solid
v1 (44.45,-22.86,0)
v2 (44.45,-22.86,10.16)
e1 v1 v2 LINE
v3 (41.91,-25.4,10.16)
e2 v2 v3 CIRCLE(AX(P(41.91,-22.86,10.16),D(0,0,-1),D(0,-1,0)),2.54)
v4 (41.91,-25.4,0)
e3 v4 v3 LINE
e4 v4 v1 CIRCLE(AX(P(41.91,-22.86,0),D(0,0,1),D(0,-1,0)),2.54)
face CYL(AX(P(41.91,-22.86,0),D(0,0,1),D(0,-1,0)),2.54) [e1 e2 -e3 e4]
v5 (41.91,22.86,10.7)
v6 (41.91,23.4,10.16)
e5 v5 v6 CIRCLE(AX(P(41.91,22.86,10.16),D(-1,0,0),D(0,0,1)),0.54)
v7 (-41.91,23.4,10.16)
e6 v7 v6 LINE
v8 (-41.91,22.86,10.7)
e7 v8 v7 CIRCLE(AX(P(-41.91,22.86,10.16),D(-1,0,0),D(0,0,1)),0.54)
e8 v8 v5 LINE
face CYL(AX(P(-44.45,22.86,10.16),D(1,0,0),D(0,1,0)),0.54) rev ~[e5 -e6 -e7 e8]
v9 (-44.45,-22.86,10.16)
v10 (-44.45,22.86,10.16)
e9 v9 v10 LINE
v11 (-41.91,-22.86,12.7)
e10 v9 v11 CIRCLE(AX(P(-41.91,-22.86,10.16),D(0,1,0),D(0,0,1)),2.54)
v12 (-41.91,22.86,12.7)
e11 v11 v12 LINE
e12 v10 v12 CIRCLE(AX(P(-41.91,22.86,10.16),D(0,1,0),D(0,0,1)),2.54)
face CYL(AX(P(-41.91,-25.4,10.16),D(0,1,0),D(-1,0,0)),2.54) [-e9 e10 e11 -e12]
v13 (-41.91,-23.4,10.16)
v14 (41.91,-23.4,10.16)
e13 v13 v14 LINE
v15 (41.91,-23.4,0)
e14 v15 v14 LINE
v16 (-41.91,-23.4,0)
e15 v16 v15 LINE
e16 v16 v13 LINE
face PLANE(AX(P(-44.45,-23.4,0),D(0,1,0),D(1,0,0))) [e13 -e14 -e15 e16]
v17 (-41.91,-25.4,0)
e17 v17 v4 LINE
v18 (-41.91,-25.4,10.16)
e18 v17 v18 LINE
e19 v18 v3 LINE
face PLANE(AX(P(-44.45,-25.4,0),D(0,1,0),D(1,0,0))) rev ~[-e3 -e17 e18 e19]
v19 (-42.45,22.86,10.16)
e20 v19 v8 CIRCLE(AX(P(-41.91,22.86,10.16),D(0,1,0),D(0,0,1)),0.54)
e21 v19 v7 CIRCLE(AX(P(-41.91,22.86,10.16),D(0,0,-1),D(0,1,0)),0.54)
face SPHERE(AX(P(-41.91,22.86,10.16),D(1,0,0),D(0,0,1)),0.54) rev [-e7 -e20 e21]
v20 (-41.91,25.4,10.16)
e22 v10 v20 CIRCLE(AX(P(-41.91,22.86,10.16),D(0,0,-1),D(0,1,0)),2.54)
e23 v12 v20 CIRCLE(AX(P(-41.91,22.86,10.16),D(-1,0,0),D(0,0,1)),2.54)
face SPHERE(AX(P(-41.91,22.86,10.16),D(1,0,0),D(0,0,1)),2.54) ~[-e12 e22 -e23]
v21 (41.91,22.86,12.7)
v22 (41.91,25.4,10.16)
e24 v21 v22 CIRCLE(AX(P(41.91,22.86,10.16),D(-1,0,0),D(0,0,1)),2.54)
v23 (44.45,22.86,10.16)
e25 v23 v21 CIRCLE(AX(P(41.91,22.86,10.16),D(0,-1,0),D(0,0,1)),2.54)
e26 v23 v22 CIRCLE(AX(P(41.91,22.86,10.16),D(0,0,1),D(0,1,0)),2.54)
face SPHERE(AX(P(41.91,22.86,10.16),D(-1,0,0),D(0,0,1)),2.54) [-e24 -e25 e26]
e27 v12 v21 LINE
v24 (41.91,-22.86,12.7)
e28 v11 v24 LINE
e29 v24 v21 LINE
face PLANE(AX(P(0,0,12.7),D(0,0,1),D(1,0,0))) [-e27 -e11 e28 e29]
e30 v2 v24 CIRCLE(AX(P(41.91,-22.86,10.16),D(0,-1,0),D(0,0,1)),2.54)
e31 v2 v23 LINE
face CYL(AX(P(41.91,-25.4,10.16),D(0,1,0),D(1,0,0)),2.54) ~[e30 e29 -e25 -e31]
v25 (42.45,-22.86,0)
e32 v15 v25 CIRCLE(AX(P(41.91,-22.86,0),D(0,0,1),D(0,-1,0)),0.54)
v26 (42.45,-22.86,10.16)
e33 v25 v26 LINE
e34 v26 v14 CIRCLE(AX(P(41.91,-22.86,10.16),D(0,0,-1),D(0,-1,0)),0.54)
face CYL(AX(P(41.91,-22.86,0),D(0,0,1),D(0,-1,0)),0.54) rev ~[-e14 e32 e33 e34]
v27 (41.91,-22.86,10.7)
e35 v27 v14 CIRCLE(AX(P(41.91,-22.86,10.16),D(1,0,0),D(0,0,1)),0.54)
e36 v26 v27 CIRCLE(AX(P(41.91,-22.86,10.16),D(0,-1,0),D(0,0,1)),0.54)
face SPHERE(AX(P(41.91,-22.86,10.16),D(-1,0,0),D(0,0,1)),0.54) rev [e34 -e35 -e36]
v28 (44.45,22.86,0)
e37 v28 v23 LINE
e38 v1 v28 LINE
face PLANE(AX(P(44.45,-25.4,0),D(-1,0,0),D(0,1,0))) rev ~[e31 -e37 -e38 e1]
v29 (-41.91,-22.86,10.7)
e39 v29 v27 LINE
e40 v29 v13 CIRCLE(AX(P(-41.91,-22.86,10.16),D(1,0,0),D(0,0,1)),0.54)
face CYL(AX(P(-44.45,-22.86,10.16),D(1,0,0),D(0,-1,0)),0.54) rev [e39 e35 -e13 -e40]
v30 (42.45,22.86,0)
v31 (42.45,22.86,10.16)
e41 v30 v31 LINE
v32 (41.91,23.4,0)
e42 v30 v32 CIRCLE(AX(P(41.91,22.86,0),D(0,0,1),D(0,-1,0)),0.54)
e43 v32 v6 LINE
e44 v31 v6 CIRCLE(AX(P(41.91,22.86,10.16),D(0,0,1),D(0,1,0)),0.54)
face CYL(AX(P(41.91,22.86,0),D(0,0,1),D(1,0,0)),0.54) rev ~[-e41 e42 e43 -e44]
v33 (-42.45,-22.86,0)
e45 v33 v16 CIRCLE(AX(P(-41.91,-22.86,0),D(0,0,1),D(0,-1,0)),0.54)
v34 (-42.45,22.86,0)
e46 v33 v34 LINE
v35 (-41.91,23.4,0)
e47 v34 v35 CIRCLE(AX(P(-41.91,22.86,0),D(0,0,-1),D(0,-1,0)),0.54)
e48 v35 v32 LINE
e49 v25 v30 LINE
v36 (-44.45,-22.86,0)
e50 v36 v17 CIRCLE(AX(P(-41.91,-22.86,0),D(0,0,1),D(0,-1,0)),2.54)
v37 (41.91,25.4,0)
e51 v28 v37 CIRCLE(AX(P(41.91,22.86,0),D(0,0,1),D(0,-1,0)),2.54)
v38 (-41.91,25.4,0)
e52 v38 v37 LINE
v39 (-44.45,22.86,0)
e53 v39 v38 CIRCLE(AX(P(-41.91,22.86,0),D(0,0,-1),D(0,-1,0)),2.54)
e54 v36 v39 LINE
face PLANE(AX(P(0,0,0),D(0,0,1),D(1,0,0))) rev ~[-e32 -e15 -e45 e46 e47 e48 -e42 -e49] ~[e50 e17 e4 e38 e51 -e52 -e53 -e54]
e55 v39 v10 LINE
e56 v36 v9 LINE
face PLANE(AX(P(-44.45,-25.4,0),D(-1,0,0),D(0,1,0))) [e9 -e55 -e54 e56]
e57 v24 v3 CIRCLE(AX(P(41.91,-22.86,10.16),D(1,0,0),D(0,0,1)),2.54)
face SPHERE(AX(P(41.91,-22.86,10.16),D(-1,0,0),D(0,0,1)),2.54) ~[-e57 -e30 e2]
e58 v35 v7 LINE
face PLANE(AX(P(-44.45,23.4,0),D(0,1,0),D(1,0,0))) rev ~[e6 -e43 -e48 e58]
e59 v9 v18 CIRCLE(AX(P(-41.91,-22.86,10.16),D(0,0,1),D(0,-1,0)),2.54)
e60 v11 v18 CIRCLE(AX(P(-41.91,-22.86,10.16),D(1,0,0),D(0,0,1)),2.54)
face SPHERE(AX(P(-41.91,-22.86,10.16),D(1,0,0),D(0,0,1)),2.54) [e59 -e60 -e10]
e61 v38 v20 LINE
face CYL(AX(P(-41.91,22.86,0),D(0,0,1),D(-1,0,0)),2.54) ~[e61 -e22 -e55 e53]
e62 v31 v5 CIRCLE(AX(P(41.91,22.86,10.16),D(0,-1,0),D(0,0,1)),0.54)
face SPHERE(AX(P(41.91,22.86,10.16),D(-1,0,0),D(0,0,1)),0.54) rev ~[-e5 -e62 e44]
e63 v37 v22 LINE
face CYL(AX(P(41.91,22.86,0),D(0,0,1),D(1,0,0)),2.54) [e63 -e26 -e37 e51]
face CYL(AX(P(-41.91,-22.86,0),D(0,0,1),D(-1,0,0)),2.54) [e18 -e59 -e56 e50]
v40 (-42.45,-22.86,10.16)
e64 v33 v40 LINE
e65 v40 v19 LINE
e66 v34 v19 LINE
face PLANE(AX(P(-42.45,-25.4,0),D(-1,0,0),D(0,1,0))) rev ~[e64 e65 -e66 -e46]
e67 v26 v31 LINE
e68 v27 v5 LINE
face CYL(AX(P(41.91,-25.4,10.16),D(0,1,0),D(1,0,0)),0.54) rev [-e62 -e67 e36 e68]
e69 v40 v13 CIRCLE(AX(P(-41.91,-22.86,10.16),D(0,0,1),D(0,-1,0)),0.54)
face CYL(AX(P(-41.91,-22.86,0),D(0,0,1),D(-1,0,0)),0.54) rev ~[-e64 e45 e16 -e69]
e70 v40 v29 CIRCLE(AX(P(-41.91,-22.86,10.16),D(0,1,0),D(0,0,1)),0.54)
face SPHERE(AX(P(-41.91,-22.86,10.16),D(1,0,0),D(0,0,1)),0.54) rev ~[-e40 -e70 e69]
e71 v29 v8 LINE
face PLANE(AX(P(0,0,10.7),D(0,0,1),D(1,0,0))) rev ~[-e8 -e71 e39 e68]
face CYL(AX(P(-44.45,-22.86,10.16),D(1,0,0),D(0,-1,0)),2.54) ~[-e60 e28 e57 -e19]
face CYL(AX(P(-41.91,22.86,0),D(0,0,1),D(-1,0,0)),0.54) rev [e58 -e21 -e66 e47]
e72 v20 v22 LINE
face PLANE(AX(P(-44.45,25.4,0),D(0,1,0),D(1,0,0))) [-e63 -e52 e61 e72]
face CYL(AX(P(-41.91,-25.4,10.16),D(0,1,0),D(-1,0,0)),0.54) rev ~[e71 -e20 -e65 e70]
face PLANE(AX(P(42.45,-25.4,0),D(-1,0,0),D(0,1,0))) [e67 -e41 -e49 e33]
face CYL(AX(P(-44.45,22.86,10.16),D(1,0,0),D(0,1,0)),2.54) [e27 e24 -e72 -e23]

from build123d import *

# Parameters (mm, degrees)
F0_W     = 88.9
F0_H     = 50.8
F1_DEPTH = 12.7
F2_R     = 2.54
F3_T     = -2


with BuildPart() as f1:
    # F0 (on Top) → F1 (new body)
    with BuildSketch(Plane.XY):
        Rectangle(F0_W, F0_H)
    extrude(amount=F1_DEPTH)

    # F2
    f2_edges = [f1.edges().sort_by_distance(p)[0] for p in [
        (0, -25.4, 12.7),
        (0, 25.4, 12.7),
        (44.45, 0, 12.7),
        (-44.45, 0, 12.7),
        (-44.45, 25.4, 6.35),
        (-44.45, -25.4, 6.35),
        (44.45, -25.4, 6.35),
        (44.45, 25.4, 6.35),
    ]]
    fillet(f2_edges, radius=F2_R)

    # F3
    f3_openings = [f1.faces().sort_by_distance(p)[0] for p in [
        (0, 0, 0),
    ]]
    offset(amount=F3_T, openings=f3_openings)


solid = f1.part
